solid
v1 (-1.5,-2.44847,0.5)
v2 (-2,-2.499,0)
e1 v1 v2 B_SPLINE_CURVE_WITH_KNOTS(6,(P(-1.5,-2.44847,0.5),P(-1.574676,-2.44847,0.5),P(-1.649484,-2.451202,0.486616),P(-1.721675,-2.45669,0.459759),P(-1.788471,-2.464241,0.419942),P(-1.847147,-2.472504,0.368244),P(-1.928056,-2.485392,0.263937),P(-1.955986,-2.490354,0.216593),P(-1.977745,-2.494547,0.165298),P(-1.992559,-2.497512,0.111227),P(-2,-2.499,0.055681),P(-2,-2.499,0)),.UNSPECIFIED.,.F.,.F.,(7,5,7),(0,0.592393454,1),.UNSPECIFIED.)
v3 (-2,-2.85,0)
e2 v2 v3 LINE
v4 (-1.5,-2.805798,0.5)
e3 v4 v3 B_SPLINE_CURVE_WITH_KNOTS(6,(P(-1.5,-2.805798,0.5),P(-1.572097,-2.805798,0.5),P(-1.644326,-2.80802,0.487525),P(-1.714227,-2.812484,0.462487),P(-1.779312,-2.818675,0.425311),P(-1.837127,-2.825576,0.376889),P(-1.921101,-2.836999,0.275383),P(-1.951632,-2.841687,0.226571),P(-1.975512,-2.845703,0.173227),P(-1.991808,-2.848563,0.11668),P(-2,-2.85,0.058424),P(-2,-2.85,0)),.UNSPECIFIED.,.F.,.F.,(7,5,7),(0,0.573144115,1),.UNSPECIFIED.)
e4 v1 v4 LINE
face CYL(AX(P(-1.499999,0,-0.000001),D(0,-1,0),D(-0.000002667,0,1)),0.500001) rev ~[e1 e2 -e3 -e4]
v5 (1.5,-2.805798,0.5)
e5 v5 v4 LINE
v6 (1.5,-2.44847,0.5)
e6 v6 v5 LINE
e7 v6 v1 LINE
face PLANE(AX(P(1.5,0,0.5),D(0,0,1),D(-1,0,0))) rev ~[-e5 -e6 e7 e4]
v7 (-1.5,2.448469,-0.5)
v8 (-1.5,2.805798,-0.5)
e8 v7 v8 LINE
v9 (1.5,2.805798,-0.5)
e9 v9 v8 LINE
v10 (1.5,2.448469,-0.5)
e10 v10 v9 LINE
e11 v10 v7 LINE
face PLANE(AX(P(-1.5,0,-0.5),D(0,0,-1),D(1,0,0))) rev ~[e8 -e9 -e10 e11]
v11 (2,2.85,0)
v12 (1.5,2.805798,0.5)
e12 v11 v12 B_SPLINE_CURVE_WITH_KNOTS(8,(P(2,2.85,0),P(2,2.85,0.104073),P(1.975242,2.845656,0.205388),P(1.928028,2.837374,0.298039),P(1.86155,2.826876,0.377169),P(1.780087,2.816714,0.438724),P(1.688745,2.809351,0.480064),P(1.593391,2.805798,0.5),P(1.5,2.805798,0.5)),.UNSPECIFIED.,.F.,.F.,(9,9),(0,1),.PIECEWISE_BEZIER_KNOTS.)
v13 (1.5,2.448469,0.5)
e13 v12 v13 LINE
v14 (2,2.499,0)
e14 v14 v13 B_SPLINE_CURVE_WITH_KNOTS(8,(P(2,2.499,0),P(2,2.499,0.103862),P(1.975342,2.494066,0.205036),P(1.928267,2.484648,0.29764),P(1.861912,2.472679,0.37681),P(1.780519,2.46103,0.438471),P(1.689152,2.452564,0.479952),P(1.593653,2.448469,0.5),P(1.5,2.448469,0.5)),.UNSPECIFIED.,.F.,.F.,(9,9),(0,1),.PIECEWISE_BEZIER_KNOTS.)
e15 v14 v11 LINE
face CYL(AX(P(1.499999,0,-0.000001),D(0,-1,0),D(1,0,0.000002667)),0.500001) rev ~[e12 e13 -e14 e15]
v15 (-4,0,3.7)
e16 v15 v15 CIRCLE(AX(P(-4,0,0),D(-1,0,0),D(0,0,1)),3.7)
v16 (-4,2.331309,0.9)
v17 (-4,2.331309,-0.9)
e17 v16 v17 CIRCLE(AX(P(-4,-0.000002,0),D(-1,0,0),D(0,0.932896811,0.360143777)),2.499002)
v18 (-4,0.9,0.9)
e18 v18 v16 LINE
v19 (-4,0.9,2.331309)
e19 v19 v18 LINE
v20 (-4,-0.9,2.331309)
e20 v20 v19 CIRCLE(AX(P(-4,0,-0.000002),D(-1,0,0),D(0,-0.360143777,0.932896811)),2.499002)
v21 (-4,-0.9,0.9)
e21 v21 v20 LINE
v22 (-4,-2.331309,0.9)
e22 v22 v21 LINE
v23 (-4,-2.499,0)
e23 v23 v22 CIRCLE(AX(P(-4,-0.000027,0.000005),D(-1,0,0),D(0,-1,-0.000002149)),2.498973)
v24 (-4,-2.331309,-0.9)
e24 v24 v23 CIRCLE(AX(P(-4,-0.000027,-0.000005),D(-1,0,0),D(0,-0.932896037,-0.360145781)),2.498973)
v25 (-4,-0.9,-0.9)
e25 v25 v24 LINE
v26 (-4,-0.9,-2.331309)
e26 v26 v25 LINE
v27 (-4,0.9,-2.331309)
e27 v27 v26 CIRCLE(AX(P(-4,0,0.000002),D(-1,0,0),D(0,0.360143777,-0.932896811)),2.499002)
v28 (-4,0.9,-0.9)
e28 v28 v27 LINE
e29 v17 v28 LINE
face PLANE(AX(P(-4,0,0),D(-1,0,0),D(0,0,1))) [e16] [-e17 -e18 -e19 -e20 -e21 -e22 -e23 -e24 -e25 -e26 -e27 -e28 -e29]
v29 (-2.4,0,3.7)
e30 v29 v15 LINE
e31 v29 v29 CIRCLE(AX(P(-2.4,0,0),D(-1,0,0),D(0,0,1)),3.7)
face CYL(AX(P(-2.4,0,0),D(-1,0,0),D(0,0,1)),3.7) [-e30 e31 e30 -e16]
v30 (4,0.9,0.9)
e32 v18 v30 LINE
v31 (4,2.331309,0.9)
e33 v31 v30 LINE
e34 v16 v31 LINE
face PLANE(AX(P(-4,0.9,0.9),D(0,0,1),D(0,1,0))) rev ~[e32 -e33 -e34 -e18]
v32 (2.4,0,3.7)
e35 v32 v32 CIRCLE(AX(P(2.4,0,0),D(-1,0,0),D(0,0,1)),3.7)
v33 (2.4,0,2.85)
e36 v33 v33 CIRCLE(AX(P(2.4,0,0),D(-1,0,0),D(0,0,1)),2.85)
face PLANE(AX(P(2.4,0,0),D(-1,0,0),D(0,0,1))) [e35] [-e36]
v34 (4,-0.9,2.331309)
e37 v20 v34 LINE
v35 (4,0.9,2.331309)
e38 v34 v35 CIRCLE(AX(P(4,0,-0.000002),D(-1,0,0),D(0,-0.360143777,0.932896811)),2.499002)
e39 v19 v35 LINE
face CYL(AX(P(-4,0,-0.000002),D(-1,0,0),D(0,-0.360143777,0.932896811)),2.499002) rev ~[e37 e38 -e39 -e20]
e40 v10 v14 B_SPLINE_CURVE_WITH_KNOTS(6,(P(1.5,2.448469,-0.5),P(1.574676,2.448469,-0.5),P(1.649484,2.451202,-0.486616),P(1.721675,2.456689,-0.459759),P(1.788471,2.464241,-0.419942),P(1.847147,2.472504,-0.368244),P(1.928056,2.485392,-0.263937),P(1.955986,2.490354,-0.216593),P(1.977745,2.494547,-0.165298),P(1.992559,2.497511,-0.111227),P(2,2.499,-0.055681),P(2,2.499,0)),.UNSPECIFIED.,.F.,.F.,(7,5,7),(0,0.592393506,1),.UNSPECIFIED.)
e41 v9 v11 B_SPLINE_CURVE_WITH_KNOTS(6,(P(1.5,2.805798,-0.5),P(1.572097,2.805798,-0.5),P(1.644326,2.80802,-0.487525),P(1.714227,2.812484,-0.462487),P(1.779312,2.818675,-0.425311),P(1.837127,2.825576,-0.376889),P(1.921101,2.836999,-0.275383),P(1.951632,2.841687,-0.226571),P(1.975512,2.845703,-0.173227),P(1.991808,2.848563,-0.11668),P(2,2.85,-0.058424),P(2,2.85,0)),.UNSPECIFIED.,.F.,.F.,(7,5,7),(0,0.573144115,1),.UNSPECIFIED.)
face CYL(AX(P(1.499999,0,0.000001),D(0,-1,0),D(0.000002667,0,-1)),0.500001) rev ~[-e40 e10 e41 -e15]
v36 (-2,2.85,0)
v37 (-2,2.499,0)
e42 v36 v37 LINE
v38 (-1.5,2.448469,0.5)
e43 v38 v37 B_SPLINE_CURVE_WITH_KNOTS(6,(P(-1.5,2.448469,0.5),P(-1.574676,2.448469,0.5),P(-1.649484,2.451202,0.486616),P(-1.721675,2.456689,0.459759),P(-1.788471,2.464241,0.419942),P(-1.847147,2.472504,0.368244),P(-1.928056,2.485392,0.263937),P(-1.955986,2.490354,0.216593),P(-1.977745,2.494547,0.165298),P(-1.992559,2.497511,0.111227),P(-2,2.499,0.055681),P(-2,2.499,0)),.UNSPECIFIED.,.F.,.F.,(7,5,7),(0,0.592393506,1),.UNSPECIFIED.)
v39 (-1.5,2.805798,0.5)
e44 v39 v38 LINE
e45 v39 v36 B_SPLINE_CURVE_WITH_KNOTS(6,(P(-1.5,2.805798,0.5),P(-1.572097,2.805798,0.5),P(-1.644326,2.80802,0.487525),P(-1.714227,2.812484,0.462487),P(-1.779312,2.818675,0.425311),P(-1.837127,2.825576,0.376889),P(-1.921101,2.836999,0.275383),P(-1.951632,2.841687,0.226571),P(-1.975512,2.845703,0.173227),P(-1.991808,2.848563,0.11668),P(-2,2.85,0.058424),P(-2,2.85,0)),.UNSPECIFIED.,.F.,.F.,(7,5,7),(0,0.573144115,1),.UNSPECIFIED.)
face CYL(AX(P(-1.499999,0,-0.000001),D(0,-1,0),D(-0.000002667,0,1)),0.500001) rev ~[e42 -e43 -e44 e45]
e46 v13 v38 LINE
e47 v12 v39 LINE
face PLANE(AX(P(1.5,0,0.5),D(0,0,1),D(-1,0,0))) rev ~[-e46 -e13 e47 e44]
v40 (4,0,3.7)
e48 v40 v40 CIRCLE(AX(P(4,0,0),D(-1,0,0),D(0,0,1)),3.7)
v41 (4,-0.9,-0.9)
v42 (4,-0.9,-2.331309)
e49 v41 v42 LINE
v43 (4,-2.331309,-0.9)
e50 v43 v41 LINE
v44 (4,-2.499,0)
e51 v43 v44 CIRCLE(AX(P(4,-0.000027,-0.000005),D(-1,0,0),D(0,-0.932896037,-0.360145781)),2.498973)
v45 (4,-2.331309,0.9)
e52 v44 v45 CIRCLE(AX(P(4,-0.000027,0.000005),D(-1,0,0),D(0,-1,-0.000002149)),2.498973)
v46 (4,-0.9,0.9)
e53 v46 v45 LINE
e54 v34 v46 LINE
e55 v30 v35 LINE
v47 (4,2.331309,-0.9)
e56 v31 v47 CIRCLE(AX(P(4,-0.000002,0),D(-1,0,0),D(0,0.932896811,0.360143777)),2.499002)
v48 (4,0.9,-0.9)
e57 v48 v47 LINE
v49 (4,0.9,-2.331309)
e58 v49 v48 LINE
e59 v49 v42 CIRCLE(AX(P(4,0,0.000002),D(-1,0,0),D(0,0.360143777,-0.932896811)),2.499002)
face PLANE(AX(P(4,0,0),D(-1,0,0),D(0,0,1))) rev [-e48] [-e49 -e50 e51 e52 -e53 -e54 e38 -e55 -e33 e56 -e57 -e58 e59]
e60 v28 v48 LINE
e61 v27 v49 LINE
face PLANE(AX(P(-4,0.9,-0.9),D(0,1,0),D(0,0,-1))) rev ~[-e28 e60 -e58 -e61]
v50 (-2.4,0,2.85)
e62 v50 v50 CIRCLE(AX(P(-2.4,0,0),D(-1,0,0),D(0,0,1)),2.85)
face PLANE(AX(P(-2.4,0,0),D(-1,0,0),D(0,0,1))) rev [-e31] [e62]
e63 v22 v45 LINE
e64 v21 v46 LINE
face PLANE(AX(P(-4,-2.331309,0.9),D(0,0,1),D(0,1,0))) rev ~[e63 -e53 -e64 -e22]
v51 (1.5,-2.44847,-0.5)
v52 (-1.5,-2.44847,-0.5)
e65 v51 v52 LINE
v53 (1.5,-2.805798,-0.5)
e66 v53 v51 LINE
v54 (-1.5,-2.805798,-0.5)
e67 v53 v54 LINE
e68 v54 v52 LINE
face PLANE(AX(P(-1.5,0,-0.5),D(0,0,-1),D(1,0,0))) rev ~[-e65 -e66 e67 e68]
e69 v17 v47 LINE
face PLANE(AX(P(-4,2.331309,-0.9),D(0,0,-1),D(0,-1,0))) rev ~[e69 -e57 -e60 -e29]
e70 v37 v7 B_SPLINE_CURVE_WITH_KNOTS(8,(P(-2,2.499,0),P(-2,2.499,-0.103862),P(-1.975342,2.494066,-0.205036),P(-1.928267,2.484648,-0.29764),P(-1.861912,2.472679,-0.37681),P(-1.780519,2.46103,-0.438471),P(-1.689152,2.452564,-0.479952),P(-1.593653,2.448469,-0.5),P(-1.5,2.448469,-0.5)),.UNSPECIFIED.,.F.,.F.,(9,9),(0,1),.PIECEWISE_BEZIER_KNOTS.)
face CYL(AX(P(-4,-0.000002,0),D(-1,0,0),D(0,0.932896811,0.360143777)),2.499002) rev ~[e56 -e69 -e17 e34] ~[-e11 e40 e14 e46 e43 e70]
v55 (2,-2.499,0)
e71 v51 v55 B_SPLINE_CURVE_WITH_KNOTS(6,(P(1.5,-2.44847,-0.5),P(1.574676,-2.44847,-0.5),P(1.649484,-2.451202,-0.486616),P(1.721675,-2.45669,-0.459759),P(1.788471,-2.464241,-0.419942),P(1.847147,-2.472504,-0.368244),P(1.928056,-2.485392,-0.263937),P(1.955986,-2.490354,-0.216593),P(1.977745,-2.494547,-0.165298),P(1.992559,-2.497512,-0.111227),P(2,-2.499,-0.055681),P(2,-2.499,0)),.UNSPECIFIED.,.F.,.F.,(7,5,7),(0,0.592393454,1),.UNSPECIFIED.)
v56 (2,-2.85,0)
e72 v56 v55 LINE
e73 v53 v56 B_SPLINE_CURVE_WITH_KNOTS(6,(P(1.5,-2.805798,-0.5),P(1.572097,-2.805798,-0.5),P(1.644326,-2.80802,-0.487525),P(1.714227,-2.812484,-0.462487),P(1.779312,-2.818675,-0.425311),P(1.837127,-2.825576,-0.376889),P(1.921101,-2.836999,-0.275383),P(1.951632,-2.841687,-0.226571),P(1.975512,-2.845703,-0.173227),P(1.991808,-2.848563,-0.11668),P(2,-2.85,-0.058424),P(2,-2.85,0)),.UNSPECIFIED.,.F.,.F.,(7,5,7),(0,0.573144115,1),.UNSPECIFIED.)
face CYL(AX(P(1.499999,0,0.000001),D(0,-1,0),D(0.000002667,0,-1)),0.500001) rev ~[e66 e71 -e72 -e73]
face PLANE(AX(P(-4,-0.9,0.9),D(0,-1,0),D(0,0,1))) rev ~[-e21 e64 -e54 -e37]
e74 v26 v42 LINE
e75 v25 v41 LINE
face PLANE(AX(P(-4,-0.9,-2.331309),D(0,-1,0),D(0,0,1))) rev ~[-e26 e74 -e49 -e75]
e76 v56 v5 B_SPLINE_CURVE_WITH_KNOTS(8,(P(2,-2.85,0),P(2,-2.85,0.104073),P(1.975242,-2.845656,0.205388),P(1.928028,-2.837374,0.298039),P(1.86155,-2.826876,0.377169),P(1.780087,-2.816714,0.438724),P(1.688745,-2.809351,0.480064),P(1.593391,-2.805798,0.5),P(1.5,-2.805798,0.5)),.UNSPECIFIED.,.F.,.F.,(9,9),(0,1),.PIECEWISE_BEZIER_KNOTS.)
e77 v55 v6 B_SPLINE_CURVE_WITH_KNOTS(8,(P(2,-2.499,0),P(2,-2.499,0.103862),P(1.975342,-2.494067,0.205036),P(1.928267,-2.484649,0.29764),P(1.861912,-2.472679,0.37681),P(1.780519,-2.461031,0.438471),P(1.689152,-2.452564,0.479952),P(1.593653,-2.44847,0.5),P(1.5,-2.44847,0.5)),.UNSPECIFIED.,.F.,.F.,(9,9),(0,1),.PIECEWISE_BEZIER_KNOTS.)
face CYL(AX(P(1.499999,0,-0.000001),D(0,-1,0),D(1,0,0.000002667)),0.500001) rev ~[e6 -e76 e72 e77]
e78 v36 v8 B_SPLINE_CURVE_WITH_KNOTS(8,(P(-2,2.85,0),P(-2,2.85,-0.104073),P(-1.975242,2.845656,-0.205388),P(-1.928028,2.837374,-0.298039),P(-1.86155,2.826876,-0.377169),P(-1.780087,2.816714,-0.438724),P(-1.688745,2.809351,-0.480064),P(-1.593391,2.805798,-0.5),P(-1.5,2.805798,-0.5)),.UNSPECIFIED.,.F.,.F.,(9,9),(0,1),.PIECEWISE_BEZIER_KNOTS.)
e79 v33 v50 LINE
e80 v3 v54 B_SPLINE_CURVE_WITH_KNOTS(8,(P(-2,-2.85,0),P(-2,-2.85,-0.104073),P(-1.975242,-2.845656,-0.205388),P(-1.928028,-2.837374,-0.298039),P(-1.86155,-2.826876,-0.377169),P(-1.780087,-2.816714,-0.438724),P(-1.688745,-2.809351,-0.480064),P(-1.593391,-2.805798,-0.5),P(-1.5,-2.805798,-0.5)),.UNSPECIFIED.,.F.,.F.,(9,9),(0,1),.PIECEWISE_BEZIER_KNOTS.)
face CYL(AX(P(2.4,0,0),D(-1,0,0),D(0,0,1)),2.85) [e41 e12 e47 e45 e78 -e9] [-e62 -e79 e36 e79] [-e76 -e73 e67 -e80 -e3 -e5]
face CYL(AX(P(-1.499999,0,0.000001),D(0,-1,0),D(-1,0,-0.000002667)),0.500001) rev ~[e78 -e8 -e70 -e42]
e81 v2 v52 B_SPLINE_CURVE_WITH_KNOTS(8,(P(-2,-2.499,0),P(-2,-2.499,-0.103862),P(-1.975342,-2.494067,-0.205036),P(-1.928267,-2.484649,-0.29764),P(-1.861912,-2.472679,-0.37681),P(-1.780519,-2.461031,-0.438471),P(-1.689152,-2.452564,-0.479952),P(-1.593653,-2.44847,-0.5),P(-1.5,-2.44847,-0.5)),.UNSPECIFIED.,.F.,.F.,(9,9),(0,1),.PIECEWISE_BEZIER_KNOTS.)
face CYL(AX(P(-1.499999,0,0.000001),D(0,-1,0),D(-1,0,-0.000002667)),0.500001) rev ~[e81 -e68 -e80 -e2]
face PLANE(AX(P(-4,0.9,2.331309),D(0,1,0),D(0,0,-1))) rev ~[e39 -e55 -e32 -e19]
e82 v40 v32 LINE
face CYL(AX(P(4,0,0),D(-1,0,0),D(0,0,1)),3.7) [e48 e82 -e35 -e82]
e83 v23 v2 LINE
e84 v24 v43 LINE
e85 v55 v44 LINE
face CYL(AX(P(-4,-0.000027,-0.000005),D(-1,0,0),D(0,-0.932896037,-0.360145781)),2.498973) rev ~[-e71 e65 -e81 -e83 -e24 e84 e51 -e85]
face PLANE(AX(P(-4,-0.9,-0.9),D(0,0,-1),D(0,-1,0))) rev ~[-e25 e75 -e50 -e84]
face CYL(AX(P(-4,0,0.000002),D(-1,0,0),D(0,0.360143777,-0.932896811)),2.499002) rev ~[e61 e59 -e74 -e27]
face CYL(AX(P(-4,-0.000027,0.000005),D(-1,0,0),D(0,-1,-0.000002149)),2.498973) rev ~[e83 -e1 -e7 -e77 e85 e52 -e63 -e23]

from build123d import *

# Parameters (mm, degrees)
F3_DEPTH = 8.001
F4_DEPTH = 5


with BuildPart() as f1:
    # F0 (on Front) → F1 (revolve)
    with BuildSketch(Plane.XZ):
        with BuildLine():
            Line((4, 2.85), (4, 3.7))
            Line((4, 3.7), (2.4, 3.7))
            Line((2.4, 3.7), (2.4, 2.85))
            Line((2.4, 2.85), (-2.4, 2.85))
            Line((-2.4, 2.85), (-2.4, 3.7))
            Line((-2.4, 3.7), (-4, 3.7))
            Line((-4, 3.7), (-4, 2.85))
            Line((-4, 2.85), (-4, 0))
            Line((-4, 0), (-2, 0))
            ThreePointArc((-2, 0), (-1.853553, 0.353553), (-1.5, 0.5))
            Line((-1.5, 0.5), (1.5, 0.5))
            ThreePointArc((1.5, 0.5), (1.853553, 0.353553), (2, 0))
            Line((2, 0), (4, 0))
            Line((4, 0), (4, 2.85))
        make_face()
    revolve(axis=Axis((-1.339528, 0, 0), (-1, 0, 0)))

    # F2 (on face) → F3 (cut, through all)
    with BuildSketch(Plane(origin=(-4, 0, 0), x_dir=(0, -1, 0), z_dir=(-1, 0, 0))):
        with BuildLine():
            ThreePointArc((2.331309, -0.9), (2.45672, -0.457745), (2.499, 0))
            ThreePointArc((2.499, 0), (2.45672, 0.457745), (2.331309, 0.9))
            Line((2.331309, 0.9), (0.9, 0.9))
            Line((0.9, 0.9), (0.9, 2.331309))
            ThreePointArc((0.9, 2.331309), (0, 2.499), (-0.9, 2.331309))
            Line((-0.9, 2.331309), (-0.9, 0.9))
            Line((-0.9, 0.9), (-2.331309, 0.9))
            ThreePointArc((-2.331309, 0.9), (-2.499, 0), (-2.331309, -0.9))
            Line((-2.331309, -0.9), (-0.9, -0.9))
            Line((-0.9, -0.9), (-0.9, -2.331309))
            ThreePointArc((-0.9, -2.331309), (0, -2.499), (0.9, -2.331309))
            Line((0.9, -2.331309), (0.9, -0.9))
            Line((0.9, -0.9), (2.331309, -0.9))
        make_face()
    extrude(amount=-F3_DEPTH, mode=Mode.SUBTRACT)

    # F0 (on Front) → F4 (cut, symmetric)
    with BuildSketch(Plane.XZ):
        with BuildLine():
            Line((-2, 0), (2, 0))
            ThreePointArc((2, 0), (1.853553, 0.353553), (1.5, 0.5))
            Line((1.5, 0.5), (-1.5, 0.5))
            ThreePointArc((-1.5, 0.5), (-1.853553, 0.353553), (-2, 0))
        make_face()
        with BuildLine():
            ThreePointArc((1.5, -0.5), (1.853553, -0.353553), (2, 0))
            Line((2, 0), (-2, 0))
            ThreePointArc((-2, 0), (-1.853553, -0.353553), (-1.5, -0.5))
            Line((-1.5, -0.5), (1.5, -0.5))
        make_face()
    extrude(amount=F4_DEPTH, both=True, mode=Mode.SUBTRACT)


solid = f1.part
